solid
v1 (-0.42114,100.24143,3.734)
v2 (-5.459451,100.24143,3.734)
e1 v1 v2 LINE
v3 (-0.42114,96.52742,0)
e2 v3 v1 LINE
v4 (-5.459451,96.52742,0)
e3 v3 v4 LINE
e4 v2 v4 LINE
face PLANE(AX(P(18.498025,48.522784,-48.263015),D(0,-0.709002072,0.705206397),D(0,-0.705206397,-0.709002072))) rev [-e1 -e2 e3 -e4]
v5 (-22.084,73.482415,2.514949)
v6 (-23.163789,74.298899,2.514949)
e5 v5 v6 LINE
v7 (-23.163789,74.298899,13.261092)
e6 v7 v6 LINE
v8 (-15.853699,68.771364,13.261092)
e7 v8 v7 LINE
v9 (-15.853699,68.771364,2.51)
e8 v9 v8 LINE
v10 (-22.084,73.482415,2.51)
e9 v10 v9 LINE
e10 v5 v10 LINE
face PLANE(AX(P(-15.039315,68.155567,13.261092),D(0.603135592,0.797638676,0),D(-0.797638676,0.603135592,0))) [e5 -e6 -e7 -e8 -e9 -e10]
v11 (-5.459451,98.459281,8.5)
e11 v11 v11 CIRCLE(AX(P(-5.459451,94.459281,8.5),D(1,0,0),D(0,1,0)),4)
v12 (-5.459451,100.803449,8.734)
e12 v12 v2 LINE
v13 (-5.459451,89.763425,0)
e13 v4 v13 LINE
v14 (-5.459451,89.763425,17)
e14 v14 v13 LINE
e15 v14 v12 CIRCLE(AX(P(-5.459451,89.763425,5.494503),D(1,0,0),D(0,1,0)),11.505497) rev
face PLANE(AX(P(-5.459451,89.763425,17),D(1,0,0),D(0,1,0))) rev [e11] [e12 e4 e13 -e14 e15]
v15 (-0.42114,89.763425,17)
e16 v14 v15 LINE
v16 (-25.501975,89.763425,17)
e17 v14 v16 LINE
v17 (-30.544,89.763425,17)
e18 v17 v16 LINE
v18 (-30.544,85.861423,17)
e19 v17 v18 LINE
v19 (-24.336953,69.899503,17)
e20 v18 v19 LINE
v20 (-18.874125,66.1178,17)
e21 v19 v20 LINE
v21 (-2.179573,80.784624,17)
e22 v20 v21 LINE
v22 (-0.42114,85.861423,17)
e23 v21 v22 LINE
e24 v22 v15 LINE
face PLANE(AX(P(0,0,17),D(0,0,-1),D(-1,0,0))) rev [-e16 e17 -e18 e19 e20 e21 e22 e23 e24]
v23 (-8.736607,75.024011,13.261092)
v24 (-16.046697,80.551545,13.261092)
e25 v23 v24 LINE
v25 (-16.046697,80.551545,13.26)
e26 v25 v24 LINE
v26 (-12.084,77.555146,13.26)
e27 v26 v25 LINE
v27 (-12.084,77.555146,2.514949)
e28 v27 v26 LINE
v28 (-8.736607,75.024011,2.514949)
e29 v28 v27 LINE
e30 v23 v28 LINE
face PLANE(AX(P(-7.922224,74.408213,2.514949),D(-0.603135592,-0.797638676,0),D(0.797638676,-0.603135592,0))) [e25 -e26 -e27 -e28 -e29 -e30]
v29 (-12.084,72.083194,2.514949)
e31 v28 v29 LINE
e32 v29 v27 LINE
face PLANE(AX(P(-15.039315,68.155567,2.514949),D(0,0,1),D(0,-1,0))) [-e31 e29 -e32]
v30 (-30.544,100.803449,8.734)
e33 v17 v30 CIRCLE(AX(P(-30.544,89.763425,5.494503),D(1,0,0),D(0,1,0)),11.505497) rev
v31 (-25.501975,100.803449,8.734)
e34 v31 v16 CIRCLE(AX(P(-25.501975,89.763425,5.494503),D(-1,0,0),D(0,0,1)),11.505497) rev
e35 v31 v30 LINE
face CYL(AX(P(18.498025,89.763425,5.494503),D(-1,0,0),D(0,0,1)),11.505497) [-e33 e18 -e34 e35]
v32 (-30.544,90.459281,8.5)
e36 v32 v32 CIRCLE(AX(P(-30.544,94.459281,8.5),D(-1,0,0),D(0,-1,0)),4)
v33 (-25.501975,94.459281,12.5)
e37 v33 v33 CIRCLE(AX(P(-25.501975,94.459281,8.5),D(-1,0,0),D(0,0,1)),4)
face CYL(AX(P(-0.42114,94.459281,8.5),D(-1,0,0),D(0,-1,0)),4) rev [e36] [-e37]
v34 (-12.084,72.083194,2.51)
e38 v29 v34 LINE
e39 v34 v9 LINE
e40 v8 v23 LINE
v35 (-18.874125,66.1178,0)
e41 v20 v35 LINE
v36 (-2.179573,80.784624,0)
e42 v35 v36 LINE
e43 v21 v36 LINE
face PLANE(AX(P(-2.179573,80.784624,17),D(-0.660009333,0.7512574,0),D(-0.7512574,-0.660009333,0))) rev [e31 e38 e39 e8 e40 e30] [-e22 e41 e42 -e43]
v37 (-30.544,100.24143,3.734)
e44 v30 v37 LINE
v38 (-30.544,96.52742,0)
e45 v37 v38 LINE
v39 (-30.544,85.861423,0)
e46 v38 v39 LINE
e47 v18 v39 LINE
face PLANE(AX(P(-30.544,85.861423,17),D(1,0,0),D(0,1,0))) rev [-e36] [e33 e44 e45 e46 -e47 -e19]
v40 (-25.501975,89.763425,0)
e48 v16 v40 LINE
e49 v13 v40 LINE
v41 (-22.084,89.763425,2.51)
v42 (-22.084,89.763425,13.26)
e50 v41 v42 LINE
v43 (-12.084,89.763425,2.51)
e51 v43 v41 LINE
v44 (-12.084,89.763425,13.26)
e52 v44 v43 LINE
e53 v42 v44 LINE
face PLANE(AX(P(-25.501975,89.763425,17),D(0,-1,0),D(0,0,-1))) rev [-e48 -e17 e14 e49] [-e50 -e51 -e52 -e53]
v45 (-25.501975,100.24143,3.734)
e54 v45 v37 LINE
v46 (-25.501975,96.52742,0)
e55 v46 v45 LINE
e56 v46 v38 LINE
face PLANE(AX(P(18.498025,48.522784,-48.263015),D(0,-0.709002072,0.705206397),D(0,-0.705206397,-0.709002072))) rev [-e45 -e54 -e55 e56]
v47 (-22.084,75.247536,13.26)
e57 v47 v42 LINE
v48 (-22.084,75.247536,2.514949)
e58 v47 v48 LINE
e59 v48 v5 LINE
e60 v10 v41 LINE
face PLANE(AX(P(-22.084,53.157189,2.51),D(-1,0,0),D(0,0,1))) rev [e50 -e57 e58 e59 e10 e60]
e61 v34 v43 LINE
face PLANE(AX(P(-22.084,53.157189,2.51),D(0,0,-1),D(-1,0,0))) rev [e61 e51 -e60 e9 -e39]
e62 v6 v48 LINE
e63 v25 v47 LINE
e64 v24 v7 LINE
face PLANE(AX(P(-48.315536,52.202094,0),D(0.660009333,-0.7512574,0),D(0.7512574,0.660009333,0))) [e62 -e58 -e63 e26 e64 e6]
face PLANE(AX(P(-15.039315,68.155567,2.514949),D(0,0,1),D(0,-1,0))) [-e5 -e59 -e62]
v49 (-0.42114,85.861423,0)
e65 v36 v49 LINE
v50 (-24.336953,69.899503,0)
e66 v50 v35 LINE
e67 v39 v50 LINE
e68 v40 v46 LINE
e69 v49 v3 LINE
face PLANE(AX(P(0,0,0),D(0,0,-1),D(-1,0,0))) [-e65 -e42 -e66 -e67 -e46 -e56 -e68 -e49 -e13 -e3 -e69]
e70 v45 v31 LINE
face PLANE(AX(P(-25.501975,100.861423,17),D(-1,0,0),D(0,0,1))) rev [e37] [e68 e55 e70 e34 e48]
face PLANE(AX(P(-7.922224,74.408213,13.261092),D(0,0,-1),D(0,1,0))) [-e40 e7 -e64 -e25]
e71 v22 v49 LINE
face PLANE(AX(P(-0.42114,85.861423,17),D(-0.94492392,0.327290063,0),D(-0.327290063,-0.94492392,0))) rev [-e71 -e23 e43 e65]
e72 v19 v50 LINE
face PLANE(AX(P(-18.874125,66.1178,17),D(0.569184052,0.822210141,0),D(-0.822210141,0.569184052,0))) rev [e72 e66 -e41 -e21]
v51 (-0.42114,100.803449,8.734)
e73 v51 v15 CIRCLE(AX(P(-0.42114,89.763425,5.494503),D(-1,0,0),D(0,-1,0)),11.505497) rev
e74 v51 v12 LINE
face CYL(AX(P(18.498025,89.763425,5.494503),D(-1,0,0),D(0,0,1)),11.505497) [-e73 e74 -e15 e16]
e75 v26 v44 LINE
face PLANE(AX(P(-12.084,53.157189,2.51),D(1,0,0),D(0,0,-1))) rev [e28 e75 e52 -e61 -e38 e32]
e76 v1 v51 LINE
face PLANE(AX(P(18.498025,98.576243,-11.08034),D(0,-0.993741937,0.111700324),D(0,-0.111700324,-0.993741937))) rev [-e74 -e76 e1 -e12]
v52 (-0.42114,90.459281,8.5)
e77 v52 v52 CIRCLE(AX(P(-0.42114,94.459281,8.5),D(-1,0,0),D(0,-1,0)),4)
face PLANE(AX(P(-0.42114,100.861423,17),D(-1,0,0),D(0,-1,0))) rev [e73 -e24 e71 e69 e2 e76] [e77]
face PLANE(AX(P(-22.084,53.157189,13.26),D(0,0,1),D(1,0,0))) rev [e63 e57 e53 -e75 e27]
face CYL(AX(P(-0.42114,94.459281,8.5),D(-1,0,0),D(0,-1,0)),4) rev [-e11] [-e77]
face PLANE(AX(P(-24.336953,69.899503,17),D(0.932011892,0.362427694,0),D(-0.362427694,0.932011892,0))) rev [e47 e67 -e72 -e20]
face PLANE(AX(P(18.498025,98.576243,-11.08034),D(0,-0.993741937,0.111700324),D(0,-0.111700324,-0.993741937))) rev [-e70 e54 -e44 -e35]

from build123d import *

# Parameters (mm, degrees)
BOSS_EXTRUDE1_DEPTH     = 17
CUT_EXTRUDE1_DEPTH      = 44
CUT_EXTRUDE1_DEPTH_BACK = 15
SKETCH3_W               = 9.473572921
SKETCH3_H               = 10.746142417
CUT_EXTRUDE4_REACH      = 25.646
SKETCH5_W               = 10
SKETCH5_H               = 10.75
SKETCH6_R               = 4
CUT_EXTRUDE5_DEPTH      = 16.063287133
CUT_EXTRUDE5_DEPTH_BACK = 16.059572792


with BuildPart() as part:
    # Sketch1 → Boss-Extrude1 (new body)
    with BuildSketch(Plane.XY):
        Polygon((-30.543999746, 100.861422718), (-25.501974605, 100.861422718), (-25.501974605, 89.763425291), (-5.459450623, 89.763425291), (-5.459450623, 100.861422718), (-0.421139822, 100.861422718), (-0.421139822, 85.861422718), (-2.179573068, 80.78462442), (-18.874125124, 66.117800283), (-24.336952566, 69.899502921), (-30.543999746, 85.861422718), align=None)
    extrude(amount=BOSS_EXTRUDE1_DEPTH)

    # Sketch2 → Cut-Extrude1 (cut, two sides)
    with BuildSketch(Plane(origin=(-25.501974605, 0, 0), x_dir=(0, 0, -1), z_dir=(1, 0, 0))) as cut_extrude1_sk:
        with BuildLine():
            Line((-17, 100.861422718), (-17, 89.763425291))
            ThreePointArc((-17, 89.763425291), (-14.704510799, 96.659236925), (-8.73400026, 100.803448872))
            Line((-8.73400026, 100.803448872), (-3.73400026, 100.241430104))
            Line((-3.73400026, 100.241430104), (0, 96.527419984))
            Line((0, 96.527419984), (0, 100.861422718))
            Line((0, 100.861422718), (-17, 100.861422718))
        make_face()
    extrude(amount=CUT_EXTRUDE1_DEPTH, mode=Mode.SUBTRACT)
    extrude(cut_extrude1_sk.sketch, amount=-CUT_EXTRUDE1_DEPTH_BACK, mode=Mode.SUBTRACT)

    # Cut-Sweep1: sweep along a path in Sketch4
    with BuildLine(Plane.XY.offset(10)) as cut_sweep1_path:
        Line((-14.80649526, 69.691373965), (-22.116585307, 75.218908697))
    # Sketch3 → Cut-Sweep1 (sweep, cut)
    with BuildSketch(Plane(origin=(-41.005446227, 46.67455955, 0), x_dir=(0.7512574, 0.660009333, 0), z_dir=(0.660009333, -0.7512574, 0))):
        with Locations((38.216319794, 7.888020567)):
            Rectangle(SKETCH3_W, SKETCH3_H)
    sweep(path=cut_sweep1_path.line, mode=Mode.SUBTRACT)

    # Cut-Extrude4: up to this face of the body (flat: up to its plane)
    cut_extrude4_end = Plane(part.part.faces().sort_by_distance((-19.508744094, 71.535131374, 7.888020567))[0])
    # Sketch5 → Cut-Extrude4 (cut, up to the picked face)
    with BuildSketch(Plane(origin=(0, 89.763425291, 0), x_dir=(1, 0, 0), z_dir=(0, 1, 0)), mode=Mode.PRIVATE) as cut_extrude4_sk1:
        with Locations((-17.083999746, -7.885)):
            Rectangle(SKETCH5_W, SKETCH5_H)
    cut_extrude4_tool1 = split(extrude(cut_extrude4_sk1.sketch, amount=-CUT_EXTRUDE4_REACH, mode=Mode.PRIVATE), bisect_by=cut_extrude4_end, keep=Keep.BOTH, mode=Mode.PRIVATE)
    add(cut_extrude4_tool1.solids().sort_by_distance((-17.084, 89.763425, 7.885))[0], mode=Mode.SUBTRACT)

    # Sketch6 → Cut-Extrude5 (cut, two sides)
    with BuildSketch(Plane.ZY.offset(15.480712614)) as cut_extrude5_sk:
        with Locations((8.5, 94.459280843)):
            Circle(SKETCH6_R)
    extrude(amount=CUT_EXTRUDE5_DEPTH, mode=Mode.SUBTRACT)
    extrude(cut_extrude5_sk.sketch, amount=-CUT_EXTRUDE5_DEPTH_BACK, mode=Mode.SUBTRACT)


solid = part.part
